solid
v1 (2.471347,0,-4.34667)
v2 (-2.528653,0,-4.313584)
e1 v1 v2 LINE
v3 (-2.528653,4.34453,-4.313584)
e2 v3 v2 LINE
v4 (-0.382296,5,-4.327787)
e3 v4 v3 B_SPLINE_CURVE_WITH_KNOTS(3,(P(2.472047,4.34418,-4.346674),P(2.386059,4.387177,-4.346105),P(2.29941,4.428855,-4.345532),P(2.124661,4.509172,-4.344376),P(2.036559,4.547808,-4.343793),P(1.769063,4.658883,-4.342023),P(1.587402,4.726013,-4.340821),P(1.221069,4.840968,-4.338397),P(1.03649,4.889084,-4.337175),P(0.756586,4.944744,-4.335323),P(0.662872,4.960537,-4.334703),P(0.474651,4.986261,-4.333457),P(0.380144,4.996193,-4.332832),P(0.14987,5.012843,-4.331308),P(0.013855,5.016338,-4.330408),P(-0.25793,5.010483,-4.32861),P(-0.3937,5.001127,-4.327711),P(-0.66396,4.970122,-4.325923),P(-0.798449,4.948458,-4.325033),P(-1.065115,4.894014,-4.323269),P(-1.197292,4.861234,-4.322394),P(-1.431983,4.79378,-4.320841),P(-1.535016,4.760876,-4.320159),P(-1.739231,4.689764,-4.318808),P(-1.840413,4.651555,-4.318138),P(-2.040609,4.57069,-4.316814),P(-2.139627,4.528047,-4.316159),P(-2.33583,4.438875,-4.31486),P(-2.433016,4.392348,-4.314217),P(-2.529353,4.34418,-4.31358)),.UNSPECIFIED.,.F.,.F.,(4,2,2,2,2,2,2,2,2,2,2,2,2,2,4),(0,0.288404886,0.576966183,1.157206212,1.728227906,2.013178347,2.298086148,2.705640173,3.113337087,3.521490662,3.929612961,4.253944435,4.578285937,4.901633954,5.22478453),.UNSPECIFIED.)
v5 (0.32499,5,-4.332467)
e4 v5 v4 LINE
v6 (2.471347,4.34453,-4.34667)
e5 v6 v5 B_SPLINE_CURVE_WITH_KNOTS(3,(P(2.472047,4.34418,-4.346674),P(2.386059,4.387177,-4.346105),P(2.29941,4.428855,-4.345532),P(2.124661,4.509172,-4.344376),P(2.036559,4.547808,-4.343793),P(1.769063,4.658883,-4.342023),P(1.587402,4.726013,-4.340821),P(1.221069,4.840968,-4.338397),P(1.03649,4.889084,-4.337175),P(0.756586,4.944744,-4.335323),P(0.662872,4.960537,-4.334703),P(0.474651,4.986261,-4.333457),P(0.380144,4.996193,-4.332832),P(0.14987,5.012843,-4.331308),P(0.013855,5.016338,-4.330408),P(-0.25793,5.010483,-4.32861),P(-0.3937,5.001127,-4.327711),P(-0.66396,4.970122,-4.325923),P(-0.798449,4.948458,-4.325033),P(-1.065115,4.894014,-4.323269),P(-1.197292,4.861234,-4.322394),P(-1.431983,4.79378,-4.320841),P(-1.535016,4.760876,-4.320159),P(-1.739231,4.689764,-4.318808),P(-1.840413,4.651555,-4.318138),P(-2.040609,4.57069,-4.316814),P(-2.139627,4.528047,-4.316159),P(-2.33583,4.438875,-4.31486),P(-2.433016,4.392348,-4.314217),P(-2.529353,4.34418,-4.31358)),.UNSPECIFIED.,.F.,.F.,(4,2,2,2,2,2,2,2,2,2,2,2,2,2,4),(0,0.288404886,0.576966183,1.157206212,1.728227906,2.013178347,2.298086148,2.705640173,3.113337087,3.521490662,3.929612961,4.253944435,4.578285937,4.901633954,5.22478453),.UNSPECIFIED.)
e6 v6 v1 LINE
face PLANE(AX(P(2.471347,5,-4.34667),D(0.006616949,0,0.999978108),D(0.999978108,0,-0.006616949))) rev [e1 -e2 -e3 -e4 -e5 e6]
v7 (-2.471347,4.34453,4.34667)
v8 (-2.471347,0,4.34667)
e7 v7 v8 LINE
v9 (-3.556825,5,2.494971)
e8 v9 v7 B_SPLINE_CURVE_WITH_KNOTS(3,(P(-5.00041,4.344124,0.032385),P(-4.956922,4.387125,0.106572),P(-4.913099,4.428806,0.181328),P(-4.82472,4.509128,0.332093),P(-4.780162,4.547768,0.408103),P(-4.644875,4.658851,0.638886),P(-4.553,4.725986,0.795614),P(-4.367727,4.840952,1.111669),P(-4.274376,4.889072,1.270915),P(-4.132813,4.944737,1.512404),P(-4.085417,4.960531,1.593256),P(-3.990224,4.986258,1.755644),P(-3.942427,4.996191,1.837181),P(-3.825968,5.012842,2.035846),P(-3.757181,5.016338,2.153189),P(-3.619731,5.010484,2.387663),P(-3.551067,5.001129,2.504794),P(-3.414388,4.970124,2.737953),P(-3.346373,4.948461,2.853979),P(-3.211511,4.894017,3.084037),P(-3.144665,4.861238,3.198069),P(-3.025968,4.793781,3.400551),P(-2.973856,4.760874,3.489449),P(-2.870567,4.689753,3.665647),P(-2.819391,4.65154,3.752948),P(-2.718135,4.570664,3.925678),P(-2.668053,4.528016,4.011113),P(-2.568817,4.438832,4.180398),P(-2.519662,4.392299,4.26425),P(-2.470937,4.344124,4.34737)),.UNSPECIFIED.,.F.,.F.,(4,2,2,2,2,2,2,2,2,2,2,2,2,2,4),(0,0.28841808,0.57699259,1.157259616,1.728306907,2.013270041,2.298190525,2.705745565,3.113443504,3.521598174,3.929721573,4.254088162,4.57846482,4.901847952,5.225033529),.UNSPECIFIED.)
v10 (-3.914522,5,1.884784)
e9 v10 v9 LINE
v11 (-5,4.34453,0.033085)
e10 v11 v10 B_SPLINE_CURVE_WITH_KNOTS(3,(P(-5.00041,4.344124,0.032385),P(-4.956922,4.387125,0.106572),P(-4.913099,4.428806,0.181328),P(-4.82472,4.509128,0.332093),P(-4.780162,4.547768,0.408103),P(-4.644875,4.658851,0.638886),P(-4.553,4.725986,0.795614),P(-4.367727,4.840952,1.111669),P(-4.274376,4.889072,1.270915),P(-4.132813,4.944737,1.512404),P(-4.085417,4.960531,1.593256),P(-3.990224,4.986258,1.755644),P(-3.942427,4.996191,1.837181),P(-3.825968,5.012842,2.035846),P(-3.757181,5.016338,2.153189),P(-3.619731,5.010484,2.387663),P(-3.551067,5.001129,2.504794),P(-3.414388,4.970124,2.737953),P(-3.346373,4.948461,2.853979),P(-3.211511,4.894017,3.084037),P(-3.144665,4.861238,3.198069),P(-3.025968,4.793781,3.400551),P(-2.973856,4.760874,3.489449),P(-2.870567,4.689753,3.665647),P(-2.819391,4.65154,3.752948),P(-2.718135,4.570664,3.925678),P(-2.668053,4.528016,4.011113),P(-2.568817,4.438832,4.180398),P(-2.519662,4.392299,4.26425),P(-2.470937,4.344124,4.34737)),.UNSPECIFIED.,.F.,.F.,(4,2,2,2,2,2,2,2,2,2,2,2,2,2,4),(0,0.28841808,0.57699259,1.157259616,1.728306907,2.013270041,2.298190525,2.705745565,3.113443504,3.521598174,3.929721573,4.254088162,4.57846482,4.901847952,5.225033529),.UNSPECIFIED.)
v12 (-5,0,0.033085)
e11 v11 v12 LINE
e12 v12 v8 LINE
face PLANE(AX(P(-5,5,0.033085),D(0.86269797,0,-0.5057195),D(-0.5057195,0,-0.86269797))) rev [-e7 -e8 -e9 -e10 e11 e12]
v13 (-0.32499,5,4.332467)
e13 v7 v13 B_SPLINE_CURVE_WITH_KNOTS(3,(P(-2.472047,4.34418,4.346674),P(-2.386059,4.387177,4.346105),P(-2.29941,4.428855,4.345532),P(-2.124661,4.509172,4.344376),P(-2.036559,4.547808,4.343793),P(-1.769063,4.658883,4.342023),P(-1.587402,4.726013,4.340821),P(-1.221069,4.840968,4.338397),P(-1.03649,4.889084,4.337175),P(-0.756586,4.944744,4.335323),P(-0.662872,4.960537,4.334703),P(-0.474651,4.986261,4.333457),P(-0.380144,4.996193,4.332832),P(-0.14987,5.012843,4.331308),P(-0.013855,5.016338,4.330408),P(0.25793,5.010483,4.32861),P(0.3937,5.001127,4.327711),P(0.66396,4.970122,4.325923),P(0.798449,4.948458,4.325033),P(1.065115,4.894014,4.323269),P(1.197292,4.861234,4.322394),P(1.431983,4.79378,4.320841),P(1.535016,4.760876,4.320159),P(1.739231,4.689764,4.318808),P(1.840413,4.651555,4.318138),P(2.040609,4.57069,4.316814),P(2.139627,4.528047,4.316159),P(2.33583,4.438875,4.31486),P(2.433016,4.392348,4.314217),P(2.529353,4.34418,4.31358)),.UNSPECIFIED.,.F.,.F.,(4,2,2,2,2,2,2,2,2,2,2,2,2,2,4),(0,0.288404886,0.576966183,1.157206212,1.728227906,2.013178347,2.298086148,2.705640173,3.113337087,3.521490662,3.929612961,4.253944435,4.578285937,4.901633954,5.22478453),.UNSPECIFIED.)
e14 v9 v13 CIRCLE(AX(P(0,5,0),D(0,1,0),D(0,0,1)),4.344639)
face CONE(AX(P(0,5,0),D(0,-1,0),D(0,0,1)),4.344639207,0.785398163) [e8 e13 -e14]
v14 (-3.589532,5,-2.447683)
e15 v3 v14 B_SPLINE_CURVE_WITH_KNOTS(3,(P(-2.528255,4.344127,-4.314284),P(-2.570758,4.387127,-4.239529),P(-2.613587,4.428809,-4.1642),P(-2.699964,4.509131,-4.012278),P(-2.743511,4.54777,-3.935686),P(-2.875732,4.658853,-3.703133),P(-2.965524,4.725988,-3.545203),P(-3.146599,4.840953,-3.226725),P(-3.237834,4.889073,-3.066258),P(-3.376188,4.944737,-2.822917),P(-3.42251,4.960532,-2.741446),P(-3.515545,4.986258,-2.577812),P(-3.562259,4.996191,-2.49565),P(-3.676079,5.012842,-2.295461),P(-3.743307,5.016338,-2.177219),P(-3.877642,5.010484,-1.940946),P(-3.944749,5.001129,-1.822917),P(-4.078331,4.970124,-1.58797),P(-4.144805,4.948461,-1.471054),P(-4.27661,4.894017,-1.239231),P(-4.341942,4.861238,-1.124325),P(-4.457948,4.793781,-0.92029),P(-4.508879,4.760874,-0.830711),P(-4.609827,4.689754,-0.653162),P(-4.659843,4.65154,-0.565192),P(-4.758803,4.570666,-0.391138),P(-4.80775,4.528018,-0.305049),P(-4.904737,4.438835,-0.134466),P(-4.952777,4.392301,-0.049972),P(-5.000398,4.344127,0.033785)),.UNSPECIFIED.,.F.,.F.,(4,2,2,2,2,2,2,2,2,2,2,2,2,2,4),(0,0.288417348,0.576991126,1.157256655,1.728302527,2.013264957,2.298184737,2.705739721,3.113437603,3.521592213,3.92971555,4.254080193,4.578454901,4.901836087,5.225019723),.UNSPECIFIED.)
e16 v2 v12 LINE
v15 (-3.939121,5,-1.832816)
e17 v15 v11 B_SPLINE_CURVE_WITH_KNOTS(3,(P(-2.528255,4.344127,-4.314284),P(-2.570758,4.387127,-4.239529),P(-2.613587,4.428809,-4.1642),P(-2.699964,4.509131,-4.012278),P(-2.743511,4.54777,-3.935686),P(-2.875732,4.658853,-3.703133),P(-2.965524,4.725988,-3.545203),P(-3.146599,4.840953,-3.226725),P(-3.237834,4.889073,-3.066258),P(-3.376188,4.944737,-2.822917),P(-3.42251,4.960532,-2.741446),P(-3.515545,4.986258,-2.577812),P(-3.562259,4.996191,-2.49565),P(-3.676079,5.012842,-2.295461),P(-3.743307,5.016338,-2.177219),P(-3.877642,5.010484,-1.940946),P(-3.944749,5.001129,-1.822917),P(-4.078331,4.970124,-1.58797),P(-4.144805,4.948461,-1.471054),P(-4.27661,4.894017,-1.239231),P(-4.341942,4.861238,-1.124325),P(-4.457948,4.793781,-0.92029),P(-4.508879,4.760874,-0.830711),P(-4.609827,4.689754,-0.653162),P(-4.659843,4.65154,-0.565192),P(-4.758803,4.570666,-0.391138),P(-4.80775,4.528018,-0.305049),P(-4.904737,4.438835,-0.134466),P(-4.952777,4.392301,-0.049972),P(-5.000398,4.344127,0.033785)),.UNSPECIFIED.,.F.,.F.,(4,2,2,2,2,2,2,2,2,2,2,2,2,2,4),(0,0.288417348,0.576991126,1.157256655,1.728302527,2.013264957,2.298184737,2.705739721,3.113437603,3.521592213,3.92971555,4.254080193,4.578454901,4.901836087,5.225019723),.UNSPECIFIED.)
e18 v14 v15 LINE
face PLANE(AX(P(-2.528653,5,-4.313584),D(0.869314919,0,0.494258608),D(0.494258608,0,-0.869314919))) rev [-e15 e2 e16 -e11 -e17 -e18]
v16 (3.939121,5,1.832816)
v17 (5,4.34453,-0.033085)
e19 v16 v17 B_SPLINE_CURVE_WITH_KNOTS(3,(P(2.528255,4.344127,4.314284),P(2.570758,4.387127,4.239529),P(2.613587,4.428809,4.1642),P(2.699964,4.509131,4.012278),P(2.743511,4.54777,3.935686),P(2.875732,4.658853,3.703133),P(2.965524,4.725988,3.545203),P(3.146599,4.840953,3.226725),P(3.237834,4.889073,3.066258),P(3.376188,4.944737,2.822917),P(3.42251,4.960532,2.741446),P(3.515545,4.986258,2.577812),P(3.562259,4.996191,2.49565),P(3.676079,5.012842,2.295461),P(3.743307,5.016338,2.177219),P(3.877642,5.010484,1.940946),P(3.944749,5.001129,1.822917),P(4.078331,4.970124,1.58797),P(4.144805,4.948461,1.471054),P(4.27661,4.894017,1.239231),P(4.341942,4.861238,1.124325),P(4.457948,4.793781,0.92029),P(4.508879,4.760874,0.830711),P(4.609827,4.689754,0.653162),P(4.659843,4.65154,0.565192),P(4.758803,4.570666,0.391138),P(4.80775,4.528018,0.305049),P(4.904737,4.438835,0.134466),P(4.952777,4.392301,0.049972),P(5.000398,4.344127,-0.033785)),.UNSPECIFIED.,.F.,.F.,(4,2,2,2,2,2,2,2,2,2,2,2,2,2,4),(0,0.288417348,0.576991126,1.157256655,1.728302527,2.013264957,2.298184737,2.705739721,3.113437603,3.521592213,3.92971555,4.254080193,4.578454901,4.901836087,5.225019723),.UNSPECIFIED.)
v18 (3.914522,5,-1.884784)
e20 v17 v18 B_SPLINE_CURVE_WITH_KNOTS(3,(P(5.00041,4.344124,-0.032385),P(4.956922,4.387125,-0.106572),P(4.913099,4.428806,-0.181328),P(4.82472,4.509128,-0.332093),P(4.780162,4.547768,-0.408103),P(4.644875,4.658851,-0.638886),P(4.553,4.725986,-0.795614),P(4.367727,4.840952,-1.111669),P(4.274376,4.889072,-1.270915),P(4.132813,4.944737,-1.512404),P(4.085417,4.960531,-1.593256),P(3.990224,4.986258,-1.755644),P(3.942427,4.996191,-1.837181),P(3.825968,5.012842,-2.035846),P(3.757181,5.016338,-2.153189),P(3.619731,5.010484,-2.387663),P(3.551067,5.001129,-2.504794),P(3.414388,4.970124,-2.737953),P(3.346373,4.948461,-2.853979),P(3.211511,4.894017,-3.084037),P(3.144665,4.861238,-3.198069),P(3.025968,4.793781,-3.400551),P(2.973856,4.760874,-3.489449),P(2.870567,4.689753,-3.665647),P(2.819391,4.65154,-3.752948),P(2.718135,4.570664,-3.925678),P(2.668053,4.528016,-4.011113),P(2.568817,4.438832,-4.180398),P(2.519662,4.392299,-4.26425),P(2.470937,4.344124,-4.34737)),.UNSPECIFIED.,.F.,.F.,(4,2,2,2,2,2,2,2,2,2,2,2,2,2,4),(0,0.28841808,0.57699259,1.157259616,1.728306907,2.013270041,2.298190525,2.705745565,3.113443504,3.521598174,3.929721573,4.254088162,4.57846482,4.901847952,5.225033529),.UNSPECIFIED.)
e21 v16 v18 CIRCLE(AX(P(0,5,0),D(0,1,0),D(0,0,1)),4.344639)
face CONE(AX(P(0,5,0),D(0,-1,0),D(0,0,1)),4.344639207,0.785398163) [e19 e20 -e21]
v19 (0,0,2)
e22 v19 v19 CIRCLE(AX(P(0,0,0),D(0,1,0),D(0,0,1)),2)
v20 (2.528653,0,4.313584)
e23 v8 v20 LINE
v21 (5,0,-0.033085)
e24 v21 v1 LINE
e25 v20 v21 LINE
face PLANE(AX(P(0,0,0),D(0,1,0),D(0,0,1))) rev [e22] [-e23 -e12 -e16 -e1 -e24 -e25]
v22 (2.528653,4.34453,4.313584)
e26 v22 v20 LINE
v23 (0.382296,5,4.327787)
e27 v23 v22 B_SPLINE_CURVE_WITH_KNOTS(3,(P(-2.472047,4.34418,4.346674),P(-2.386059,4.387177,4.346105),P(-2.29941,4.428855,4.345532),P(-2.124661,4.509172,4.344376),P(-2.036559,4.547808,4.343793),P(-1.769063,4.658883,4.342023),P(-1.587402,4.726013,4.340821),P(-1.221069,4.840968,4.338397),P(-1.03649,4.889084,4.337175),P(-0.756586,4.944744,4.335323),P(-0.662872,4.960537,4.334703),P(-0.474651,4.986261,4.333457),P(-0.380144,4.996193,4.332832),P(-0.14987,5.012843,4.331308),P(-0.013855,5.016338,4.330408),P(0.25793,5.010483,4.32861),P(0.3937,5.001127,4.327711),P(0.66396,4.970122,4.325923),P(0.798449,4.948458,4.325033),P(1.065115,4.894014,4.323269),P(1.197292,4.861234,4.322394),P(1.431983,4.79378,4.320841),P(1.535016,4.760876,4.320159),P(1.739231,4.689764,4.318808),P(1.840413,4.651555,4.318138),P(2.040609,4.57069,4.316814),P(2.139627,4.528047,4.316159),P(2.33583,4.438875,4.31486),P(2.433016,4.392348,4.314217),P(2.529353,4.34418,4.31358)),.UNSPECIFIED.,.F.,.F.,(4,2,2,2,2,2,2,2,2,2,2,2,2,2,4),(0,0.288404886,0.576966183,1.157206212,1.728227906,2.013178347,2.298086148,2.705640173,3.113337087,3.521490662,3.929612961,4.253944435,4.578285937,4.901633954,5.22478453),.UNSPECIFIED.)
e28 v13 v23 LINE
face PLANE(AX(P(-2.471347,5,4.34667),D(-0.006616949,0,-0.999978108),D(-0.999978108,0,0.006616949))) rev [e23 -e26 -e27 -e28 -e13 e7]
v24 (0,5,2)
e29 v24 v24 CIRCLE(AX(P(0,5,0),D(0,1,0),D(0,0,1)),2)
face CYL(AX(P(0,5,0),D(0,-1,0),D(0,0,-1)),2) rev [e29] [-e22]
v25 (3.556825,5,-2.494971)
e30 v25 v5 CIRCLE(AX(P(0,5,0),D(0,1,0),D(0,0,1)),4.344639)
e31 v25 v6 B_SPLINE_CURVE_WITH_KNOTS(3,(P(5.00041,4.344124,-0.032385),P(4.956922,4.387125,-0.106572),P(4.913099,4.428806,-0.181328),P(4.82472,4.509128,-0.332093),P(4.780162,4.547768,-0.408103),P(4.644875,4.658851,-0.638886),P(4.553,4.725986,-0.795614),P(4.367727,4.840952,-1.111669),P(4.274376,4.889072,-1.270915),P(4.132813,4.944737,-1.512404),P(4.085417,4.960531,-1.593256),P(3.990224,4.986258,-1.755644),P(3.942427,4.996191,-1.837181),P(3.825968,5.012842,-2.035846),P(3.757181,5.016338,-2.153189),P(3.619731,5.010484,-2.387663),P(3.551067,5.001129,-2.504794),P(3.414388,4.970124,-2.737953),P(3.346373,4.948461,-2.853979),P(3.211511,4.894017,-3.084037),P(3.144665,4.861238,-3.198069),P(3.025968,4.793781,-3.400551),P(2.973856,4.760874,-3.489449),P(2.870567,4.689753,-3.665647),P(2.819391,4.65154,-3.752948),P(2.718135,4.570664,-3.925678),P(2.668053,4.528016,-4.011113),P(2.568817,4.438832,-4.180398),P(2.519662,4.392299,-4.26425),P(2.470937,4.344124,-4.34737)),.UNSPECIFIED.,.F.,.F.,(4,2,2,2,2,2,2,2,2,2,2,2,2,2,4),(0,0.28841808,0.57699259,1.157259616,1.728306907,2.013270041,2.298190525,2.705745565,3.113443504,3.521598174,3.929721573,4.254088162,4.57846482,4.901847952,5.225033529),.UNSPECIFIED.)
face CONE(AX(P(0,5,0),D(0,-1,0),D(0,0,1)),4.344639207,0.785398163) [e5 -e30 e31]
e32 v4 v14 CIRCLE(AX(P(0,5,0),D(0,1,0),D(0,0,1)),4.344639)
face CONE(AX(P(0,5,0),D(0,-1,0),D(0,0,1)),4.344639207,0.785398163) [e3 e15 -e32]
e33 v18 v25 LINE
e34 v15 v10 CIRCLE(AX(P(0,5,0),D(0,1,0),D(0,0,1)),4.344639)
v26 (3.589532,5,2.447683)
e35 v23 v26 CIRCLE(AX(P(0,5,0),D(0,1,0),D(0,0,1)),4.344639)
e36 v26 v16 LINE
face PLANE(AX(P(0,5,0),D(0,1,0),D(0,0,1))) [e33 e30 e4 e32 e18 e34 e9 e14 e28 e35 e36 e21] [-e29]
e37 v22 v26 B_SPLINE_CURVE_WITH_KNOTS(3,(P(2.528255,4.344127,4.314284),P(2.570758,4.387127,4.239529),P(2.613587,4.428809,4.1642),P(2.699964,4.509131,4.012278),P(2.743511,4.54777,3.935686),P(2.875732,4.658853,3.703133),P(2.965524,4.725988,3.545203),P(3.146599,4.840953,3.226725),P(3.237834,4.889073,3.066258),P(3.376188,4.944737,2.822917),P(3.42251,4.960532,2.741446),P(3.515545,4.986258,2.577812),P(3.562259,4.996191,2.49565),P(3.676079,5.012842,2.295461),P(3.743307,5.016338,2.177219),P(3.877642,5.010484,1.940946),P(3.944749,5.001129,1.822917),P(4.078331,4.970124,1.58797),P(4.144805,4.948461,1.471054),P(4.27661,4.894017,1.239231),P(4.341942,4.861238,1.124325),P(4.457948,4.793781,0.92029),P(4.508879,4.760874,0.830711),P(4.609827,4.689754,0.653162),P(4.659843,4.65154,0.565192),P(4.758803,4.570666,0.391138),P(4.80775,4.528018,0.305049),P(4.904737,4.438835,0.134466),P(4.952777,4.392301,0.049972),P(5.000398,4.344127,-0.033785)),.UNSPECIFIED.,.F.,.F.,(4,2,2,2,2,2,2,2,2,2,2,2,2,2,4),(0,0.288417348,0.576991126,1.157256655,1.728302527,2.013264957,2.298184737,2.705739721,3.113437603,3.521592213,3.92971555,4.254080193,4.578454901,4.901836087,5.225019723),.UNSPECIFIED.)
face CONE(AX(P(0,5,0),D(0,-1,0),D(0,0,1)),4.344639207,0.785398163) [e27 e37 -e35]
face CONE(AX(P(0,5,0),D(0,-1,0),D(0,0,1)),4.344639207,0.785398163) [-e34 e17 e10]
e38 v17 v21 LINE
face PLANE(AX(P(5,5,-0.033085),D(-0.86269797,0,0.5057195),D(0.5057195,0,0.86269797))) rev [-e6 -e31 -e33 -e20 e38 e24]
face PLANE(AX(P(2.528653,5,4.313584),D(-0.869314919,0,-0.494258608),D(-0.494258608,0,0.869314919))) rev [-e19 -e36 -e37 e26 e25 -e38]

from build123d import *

# Parameters (mm, degrees)
SKETCH1_R           = 2
BOSS_EXTRUDE1_DEPTH = 5
SKETCH2_OUTSIDE_W   = 24.832
SKETCH2_OUTSIDE_H   = 23.526
SKETCH2_OUTSIDE_R   = 4.344639207
CUT_EXTRUDE1_DEPTH  = 5
CUT_EXTRUDE1_DRAFT  = -45


with BuildPart() as part:
    # Sketch1 → Boss-Extrude1 (new body)
    with BuildSketch(Plane(origin=(0, 0, 0), x_dir=(1, 0, 0), z_dir=(0, 1, 0))):
        Polygon((2.528652856, -4.313584285), (5, 0.033085469), (2.471347144, 4.346669753), (-2.528652856, 4.313584285), (-5, -0.033085469), (-2.471347144, -4.346669753), align=None)
        with Locations(Location((0, 0, 0), (0, 0, 270))):
            Circle(SKETCH1_R, mode=Mode.SUBTRACT)
    extrude(amount=BOSS_EXTRUDE1_DEPTH)


with BuildPart() as cut_extrude1_tool:
    # Sketch2 outside → Cut-Extrude1 (with draft: the straight prism first)
    with BuildSketch(Plane(origin=(0, 5, 0), x_dir=(1, 0, 0), z_dir=(0, 1, 0))):
        Rectangle(SKETCH2_OUTSIDE_W, SKETCH2_OUTSIDE_H)
        Circle(SKETCH2_OUTSIDE_R, mode=Mode.SUBTRACT)
    extrude(amount=-CUT_EXTRUDE1_DEPTH)
    # Cut-Extrude1: the draft: its side faces are tilted about the plane it starts from
    cut_extrude1_sides = [cut_extrude1_tool.faces().sort_by_distance(p)[0] for p in [
        (0, 2.5, 11.763),
        (12.416, 2.5, 0),
        (0, 2.5, -11.763),
        (-12.416, 2.5, 0),
        (-4.344639207, 2.5, 0),
    ]]
    draft(cut_extrude1_sides, Plane(origin=(0, 5, 0), x_dir=(1, 0, 0), z_dir=(0, 1, 0)), CUT_EXTRUDE1_DRAFT)


with BuildPart() as part_1:
    add(part.part)

    # Cut-Extrude1: cut by cut_extrude1_tool
    add(cut_extrude1_tool.part, mode=Mode.SUBTRACT)


solid = part_1.part
